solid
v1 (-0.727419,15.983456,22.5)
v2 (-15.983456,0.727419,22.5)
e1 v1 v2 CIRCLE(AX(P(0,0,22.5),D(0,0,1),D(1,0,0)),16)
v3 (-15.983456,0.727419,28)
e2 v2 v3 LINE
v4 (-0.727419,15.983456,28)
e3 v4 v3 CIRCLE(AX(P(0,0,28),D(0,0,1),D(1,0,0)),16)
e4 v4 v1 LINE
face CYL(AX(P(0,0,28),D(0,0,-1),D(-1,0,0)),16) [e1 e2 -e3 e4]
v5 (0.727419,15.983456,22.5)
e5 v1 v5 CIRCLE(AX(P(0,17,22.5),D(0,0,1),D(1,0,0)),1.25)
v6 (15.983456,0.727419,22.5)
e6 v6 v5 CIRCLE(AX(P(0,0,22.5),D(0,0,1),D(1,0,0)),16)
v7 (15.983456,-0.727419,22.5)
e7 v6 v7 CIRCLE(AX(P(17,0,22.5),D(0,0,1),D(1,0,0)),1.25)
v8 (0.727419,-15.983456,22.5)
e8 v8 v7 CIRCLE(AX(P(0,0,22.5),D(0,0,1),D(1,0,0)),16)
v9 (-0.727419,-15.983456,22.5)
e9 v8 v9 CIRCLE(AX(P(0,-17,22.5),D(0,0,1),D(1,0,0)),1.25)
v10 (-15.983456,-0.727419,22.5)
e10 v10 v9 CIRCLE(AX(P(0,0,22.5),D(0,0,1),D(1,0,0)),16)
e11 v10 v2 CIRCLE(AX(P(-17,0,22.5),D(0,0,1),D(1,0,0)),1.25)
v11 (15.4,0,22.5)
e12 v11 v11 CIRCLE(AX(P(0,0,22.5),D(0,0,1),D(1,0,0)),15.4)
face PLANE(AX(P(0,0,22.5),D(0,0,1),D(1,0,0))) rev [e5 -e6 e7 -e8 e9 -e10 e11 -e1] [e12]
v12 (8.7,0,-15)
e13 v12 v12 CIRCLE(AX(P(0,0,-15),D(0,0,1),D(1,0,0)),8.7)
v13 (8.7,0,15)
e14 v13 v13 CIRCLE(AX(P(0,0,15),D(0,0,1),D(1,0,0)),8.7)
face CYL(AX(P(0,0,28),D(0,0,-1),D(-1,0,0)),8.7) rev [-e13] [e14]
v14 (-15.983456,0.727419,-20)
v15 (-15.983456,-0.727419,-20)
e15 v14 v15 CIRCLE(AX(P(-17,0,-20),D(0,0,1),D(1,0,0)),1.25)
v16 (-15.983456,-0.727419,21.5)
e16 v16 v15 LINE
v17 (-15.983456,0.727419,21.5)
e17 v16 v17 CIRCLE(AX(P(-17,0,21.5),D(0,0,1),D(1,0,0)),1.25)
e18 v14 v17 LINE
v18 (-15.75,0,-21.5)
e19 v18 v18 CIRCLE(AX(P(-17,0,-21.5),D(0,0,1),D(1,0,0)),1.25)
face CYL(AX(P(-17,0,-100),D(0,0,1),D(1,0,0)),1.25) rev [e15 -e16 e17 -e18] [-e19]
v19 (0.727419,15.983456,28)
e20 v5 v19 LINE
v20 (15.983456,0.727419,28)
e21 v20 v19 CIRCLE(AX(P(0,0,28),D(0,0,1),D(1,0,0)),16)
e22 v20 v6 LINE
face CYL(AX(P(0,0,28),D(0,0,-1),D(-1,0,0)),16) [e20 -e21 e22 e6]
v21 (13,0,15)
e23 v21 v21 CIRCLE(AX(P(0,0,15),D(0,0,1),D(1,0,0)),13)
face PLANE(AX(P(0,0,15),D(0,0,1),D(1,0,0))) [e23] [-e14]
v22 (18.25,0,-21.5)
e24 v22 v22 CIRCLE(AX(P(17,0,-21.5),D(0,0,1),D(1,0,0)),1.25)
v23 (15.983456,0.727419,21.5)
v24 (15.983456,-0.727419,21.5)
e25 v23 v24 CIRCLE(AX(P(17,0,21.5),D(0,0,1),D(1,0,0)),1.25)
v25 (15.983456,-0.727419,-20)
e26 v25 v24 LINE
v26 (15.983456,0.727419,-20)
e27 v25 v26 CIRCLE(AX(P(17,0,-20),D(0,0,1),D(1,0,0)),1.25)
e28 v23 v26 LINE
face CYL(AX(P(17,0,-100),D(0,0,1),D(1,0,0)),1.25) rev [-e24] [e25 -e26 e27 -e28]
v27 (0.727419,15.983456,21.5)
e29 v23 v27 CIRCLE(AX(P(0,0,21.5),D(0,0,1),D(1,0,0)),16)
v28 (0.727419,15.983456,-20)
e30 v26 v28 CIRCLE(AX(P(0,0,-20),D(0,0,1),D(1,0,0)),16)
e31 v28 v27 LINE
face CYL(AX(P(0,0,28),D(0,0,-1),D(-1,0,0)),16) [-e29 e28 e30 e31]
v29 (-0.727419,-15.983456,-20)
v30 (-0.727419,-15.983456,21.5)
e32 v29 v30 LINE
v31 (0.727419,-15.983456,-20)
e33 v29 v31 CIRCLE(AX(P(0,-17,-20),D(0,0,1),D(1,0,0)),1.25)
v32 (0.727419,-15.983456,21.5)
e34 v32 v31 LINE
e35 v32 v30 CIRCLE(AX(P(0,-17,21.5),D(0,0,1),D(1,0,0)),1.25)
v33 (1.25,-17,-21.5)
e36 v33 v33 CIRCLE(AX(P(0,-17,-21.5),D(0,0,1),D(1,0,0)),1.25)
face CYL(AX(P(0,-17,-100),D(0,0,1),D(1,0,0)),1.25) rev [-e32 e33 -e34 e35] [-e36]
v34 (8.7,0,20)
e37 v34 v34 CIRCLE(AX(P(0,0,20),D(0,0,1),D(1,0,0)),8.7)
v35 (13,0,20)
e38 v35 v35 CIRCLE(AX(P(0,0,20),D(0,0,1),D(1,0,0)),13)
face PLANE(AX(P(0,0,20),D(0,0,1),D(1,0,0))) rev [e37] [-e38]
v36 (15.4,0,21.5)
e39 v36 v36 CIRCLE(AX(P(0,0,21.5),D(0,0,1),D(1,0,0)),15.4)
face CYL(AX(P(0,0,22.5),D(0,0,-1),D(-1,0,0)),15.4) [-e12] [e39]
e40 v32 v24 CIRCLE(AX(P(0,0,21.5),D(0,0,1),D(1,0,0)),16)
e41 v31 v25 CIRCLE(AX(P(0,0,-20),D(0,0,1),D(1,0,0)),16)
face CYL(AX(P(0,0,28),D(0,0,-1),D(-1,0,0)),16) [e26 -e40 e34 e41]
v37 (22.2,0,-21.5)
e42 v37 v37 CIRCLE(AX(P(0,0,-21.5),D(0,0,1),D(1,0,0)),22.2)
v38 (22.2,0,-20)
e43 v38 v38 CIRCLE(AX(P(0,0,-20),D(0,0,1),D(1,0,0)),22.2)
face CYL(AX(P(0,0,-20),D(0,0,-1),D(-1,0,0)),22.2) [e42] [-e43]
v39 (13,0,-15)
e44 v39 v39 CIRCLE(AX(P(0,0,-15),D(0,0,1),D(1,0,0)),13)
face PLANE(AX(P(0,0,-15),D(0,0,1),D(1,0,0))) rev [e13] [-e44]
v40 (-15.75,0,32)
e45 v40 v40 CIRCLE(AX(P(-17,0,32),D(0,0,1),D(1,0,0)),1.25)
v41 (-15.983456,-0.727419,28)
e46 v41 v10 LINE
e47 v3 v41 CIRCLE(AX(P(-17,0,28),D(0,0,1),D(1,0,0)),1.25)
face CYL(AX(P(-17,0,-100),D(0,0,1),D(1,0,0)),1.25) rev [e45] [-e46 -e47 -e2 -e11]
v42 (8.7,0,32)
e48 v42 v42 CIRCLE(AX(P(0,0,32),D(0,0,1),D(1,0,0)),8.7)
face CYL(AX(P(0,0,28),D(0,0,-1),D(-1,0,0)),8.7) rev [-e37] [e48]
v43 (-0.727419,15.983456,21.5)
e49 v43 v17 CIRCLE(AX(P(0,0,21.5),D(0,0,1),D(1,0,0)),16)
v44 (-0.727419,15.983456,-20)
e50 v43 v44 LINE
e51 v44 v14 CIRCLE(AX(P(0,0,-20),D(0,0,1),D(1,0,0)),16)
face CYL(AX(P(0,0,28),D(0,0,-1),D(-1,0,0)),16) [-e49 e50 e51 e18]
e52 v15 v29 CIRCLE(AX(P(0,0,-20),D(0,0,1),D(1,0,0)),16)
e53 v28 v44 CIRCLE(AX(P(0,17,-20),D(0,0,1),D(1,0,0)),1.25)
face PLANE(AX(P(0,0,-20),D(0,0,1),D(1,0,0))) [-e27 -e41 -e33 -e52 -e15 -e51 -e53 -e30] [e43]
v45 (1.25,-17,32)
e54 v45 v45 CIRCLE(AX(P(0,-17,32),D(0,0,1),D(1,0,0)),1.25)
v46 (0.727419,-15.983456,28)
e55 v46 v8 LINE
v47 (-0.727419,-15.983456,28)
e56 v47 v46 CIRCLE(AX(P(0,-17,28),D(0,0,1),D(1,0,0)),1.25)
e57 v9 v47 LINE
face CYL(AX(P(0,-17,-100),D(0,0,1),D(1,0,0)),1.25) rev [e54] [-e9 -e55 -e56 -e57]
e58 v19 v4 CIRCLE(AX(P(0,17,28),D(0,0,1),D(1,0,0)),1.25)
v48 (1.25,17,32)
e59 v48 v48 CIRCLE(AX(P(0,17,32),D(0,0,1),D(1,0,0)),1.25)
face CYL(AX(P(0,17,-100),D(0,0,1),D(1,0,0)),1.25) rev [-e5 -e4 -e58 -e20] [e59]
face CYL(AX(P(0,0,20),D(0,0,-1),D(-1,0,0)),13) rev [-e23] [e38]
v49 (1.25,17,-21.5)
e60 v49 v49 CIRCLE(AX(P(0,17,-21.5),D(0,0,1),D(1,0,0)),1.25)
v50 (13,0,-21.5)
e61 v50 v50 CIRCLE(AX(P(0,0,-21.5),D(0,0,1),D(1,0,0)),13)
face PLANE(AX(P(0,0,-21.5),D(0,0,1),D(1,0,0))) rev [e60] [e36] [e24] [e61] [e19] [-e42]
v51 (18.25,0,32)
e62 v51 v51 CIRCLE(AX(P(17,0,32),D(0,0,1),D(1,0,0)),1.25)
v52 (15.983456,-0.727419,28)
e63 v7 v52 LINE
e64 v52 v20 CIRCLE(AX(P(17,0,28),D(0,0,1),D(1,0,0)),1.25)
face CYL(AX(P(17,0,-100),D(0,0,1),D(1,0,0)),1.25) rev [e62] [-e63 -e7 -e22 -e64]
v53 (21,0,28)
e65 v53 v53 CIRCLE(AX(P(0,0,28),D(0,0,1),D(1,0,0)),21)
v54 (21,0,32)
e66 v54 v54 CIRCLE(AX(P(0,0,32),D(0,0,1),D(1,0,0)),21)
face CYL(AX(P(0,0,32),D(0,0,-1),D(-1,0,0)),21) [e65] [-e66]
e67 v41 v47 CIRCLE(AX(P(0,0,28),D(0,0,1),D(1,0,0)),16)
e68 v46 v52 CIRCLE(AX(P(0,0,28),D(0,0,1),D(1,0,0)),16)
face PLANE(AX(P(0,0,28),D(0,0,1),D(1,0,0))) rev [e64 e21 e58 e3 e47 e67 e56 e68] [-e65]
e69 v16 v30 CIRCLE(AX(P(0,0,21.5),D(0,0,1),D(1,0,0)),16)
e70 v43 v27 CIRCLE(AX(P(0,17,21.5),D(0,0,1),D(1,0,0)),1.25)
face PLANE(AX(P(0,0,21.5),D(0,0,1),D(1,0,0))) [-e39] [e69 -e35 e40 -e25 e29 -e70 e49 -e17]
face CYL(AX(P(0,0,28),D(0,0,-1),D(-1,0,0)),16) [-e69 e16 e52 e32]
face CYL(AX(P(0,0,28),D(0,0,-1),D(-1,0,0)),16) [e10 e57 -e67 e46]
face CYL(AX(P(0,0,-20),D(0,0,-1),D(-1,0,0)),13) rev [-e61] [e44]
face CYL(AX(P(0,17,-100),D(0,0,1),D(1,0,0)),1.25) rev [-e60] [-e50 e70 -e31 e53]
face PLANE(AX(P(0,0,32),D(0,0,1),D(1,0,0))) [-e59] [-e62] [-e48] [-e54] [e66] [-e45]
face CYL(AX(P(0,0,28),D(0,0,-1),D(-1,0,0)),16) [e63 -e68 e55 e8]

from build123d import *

# Parameters (mm, degrees)
HOLLOW_HUB_START               = -20
SKETCH_1_R                     = 16
SKETCH_1_R_2                   = 8.7
HOLLOW_HUB_DEPTH               = 48
REAR_STACK_FLANGE_START        = -21.5
SKETCH_2_R                     = 22.2
SKETCH_2_R_2                   = 13
REAR_STACK_FLANGE_DEPTH        = 1.5
SUN_MOUNT_FLANGE_START         = 28
SKETCH_3_R                     = 21
SKETCH_3_R_2                   = 8.7
SUN_MOUNT_FLANGE_DEPTH         = 4
REAR_ROTOR_BEARING_SEAT_START  = -20
SKETCH_4_R                     = 13
REAR_ROTOR_BEARING_SEAT_DEPTH  = 5
FRONT_ROTOR_BEARING_SEAT_START = 15
SKETCH_5_R                     = 13
FRONT_ROTOR_BEARING_SEAT_DEPTH = 5
CIRCLIP_GROOVE_START           = 21.5
SKETCH_6_R                     = 17
SKETCH_6_R_2                   = 15.4
CIRCLIP_GROOVE_DEPTH           = 1
SKETCH_7_R                     = 1.25
THROUGH_HOLES_DEPTH            = 100


with BuildPart() as part:
    # Эскиз1 → Hollow_hub (new body)
    with BuildSketch(Plane.XY.offset(HOLLOW_HUB_START)):
        Circle(SKETCH_1_R)
        Circle(SKETCH_1_R_2, mode=Mode.SUBTRACT)
    extrude(amount=HOLLOW_HUB_DEPTH)

    # Эскиз2 → Rear_stack_flange (add)
    with BuildSketch(Plane.XY.offset(REAR_STACK_FLANGE_START)):
        Circle(SKETCH_2_R)
        Circle(SKETCH_2_R_2, mode=Mode.SUBTRACT)
    extrude(amount=REAR_STACK_FLANGE_DEPTH)

    # Эскиз3 → Sun_mount_flange (add)
    with BuildSketch(Plane.XY.offset(SUN_MOUNT_FLANGE_START)):
        Circle(SKETCH_3_R)
        Circle(SKETCH_3_R_2, mode=Mode.SUBTRACT)
    extrude(amount=SUN_MOUNT_FLANGE_DEPTH)

    # Эскиз4 → Rear_rotor_bearing_seat (cut)
    with BuildSketch(Plane.XY.offset(REAR_ROTOR_BEARING_SEAT_START)):
        Circle(SKETCH_4_R)
    extrude(amount=REAR_ROTOR_BEARING_SEAT_DEPTH, mode=Mode.SUBTRACT)

    # Эскиз5 → Front_rotor_bearing_seat (cut)
    with BuildSketch(Plane.XY.offset(FRONT_ROTOR_BEARING_SEAT_START)):
        Circle(SKETCH_5_R)
    extrude(amount=FRONT_ROTOR_BEARING_SEAT_DEPTH, mode=Mode.SUBTRACT)

    # Эскиз6 → Circlip_groove (cut)
    with BuildSketch(Plane.XY.offset(CIRCLIP_GROOVE_START)):
        Circle(SKETCH_6_R)
        Circle(SKETCH_6_R_2, mode=Mode.SUBTRACT)
    extrude(amount=CIRCLIP_GROOVE_DEPTH, mode=Mode.SUBTRACT)

    # Эскиз7 → Through_holes (cut, symmetric)
    with BuildSketch(Plane.XY):
        with Locations((17, 0)):
            Circle(SKETCH_7_R)
        with Locations((0, 17)):
            Circle(SKETCH_7_R)
        with Locations((-17, 0)):
            Circle(SKETCH_7_R)
        with Locations((0, -17)):
            Circle(SKETCH_7_R)
    extrude(amount=THROUGH_HOLES_DEPTH, both=True, mode=Mode.SUBTRACT)


solid = part.part
